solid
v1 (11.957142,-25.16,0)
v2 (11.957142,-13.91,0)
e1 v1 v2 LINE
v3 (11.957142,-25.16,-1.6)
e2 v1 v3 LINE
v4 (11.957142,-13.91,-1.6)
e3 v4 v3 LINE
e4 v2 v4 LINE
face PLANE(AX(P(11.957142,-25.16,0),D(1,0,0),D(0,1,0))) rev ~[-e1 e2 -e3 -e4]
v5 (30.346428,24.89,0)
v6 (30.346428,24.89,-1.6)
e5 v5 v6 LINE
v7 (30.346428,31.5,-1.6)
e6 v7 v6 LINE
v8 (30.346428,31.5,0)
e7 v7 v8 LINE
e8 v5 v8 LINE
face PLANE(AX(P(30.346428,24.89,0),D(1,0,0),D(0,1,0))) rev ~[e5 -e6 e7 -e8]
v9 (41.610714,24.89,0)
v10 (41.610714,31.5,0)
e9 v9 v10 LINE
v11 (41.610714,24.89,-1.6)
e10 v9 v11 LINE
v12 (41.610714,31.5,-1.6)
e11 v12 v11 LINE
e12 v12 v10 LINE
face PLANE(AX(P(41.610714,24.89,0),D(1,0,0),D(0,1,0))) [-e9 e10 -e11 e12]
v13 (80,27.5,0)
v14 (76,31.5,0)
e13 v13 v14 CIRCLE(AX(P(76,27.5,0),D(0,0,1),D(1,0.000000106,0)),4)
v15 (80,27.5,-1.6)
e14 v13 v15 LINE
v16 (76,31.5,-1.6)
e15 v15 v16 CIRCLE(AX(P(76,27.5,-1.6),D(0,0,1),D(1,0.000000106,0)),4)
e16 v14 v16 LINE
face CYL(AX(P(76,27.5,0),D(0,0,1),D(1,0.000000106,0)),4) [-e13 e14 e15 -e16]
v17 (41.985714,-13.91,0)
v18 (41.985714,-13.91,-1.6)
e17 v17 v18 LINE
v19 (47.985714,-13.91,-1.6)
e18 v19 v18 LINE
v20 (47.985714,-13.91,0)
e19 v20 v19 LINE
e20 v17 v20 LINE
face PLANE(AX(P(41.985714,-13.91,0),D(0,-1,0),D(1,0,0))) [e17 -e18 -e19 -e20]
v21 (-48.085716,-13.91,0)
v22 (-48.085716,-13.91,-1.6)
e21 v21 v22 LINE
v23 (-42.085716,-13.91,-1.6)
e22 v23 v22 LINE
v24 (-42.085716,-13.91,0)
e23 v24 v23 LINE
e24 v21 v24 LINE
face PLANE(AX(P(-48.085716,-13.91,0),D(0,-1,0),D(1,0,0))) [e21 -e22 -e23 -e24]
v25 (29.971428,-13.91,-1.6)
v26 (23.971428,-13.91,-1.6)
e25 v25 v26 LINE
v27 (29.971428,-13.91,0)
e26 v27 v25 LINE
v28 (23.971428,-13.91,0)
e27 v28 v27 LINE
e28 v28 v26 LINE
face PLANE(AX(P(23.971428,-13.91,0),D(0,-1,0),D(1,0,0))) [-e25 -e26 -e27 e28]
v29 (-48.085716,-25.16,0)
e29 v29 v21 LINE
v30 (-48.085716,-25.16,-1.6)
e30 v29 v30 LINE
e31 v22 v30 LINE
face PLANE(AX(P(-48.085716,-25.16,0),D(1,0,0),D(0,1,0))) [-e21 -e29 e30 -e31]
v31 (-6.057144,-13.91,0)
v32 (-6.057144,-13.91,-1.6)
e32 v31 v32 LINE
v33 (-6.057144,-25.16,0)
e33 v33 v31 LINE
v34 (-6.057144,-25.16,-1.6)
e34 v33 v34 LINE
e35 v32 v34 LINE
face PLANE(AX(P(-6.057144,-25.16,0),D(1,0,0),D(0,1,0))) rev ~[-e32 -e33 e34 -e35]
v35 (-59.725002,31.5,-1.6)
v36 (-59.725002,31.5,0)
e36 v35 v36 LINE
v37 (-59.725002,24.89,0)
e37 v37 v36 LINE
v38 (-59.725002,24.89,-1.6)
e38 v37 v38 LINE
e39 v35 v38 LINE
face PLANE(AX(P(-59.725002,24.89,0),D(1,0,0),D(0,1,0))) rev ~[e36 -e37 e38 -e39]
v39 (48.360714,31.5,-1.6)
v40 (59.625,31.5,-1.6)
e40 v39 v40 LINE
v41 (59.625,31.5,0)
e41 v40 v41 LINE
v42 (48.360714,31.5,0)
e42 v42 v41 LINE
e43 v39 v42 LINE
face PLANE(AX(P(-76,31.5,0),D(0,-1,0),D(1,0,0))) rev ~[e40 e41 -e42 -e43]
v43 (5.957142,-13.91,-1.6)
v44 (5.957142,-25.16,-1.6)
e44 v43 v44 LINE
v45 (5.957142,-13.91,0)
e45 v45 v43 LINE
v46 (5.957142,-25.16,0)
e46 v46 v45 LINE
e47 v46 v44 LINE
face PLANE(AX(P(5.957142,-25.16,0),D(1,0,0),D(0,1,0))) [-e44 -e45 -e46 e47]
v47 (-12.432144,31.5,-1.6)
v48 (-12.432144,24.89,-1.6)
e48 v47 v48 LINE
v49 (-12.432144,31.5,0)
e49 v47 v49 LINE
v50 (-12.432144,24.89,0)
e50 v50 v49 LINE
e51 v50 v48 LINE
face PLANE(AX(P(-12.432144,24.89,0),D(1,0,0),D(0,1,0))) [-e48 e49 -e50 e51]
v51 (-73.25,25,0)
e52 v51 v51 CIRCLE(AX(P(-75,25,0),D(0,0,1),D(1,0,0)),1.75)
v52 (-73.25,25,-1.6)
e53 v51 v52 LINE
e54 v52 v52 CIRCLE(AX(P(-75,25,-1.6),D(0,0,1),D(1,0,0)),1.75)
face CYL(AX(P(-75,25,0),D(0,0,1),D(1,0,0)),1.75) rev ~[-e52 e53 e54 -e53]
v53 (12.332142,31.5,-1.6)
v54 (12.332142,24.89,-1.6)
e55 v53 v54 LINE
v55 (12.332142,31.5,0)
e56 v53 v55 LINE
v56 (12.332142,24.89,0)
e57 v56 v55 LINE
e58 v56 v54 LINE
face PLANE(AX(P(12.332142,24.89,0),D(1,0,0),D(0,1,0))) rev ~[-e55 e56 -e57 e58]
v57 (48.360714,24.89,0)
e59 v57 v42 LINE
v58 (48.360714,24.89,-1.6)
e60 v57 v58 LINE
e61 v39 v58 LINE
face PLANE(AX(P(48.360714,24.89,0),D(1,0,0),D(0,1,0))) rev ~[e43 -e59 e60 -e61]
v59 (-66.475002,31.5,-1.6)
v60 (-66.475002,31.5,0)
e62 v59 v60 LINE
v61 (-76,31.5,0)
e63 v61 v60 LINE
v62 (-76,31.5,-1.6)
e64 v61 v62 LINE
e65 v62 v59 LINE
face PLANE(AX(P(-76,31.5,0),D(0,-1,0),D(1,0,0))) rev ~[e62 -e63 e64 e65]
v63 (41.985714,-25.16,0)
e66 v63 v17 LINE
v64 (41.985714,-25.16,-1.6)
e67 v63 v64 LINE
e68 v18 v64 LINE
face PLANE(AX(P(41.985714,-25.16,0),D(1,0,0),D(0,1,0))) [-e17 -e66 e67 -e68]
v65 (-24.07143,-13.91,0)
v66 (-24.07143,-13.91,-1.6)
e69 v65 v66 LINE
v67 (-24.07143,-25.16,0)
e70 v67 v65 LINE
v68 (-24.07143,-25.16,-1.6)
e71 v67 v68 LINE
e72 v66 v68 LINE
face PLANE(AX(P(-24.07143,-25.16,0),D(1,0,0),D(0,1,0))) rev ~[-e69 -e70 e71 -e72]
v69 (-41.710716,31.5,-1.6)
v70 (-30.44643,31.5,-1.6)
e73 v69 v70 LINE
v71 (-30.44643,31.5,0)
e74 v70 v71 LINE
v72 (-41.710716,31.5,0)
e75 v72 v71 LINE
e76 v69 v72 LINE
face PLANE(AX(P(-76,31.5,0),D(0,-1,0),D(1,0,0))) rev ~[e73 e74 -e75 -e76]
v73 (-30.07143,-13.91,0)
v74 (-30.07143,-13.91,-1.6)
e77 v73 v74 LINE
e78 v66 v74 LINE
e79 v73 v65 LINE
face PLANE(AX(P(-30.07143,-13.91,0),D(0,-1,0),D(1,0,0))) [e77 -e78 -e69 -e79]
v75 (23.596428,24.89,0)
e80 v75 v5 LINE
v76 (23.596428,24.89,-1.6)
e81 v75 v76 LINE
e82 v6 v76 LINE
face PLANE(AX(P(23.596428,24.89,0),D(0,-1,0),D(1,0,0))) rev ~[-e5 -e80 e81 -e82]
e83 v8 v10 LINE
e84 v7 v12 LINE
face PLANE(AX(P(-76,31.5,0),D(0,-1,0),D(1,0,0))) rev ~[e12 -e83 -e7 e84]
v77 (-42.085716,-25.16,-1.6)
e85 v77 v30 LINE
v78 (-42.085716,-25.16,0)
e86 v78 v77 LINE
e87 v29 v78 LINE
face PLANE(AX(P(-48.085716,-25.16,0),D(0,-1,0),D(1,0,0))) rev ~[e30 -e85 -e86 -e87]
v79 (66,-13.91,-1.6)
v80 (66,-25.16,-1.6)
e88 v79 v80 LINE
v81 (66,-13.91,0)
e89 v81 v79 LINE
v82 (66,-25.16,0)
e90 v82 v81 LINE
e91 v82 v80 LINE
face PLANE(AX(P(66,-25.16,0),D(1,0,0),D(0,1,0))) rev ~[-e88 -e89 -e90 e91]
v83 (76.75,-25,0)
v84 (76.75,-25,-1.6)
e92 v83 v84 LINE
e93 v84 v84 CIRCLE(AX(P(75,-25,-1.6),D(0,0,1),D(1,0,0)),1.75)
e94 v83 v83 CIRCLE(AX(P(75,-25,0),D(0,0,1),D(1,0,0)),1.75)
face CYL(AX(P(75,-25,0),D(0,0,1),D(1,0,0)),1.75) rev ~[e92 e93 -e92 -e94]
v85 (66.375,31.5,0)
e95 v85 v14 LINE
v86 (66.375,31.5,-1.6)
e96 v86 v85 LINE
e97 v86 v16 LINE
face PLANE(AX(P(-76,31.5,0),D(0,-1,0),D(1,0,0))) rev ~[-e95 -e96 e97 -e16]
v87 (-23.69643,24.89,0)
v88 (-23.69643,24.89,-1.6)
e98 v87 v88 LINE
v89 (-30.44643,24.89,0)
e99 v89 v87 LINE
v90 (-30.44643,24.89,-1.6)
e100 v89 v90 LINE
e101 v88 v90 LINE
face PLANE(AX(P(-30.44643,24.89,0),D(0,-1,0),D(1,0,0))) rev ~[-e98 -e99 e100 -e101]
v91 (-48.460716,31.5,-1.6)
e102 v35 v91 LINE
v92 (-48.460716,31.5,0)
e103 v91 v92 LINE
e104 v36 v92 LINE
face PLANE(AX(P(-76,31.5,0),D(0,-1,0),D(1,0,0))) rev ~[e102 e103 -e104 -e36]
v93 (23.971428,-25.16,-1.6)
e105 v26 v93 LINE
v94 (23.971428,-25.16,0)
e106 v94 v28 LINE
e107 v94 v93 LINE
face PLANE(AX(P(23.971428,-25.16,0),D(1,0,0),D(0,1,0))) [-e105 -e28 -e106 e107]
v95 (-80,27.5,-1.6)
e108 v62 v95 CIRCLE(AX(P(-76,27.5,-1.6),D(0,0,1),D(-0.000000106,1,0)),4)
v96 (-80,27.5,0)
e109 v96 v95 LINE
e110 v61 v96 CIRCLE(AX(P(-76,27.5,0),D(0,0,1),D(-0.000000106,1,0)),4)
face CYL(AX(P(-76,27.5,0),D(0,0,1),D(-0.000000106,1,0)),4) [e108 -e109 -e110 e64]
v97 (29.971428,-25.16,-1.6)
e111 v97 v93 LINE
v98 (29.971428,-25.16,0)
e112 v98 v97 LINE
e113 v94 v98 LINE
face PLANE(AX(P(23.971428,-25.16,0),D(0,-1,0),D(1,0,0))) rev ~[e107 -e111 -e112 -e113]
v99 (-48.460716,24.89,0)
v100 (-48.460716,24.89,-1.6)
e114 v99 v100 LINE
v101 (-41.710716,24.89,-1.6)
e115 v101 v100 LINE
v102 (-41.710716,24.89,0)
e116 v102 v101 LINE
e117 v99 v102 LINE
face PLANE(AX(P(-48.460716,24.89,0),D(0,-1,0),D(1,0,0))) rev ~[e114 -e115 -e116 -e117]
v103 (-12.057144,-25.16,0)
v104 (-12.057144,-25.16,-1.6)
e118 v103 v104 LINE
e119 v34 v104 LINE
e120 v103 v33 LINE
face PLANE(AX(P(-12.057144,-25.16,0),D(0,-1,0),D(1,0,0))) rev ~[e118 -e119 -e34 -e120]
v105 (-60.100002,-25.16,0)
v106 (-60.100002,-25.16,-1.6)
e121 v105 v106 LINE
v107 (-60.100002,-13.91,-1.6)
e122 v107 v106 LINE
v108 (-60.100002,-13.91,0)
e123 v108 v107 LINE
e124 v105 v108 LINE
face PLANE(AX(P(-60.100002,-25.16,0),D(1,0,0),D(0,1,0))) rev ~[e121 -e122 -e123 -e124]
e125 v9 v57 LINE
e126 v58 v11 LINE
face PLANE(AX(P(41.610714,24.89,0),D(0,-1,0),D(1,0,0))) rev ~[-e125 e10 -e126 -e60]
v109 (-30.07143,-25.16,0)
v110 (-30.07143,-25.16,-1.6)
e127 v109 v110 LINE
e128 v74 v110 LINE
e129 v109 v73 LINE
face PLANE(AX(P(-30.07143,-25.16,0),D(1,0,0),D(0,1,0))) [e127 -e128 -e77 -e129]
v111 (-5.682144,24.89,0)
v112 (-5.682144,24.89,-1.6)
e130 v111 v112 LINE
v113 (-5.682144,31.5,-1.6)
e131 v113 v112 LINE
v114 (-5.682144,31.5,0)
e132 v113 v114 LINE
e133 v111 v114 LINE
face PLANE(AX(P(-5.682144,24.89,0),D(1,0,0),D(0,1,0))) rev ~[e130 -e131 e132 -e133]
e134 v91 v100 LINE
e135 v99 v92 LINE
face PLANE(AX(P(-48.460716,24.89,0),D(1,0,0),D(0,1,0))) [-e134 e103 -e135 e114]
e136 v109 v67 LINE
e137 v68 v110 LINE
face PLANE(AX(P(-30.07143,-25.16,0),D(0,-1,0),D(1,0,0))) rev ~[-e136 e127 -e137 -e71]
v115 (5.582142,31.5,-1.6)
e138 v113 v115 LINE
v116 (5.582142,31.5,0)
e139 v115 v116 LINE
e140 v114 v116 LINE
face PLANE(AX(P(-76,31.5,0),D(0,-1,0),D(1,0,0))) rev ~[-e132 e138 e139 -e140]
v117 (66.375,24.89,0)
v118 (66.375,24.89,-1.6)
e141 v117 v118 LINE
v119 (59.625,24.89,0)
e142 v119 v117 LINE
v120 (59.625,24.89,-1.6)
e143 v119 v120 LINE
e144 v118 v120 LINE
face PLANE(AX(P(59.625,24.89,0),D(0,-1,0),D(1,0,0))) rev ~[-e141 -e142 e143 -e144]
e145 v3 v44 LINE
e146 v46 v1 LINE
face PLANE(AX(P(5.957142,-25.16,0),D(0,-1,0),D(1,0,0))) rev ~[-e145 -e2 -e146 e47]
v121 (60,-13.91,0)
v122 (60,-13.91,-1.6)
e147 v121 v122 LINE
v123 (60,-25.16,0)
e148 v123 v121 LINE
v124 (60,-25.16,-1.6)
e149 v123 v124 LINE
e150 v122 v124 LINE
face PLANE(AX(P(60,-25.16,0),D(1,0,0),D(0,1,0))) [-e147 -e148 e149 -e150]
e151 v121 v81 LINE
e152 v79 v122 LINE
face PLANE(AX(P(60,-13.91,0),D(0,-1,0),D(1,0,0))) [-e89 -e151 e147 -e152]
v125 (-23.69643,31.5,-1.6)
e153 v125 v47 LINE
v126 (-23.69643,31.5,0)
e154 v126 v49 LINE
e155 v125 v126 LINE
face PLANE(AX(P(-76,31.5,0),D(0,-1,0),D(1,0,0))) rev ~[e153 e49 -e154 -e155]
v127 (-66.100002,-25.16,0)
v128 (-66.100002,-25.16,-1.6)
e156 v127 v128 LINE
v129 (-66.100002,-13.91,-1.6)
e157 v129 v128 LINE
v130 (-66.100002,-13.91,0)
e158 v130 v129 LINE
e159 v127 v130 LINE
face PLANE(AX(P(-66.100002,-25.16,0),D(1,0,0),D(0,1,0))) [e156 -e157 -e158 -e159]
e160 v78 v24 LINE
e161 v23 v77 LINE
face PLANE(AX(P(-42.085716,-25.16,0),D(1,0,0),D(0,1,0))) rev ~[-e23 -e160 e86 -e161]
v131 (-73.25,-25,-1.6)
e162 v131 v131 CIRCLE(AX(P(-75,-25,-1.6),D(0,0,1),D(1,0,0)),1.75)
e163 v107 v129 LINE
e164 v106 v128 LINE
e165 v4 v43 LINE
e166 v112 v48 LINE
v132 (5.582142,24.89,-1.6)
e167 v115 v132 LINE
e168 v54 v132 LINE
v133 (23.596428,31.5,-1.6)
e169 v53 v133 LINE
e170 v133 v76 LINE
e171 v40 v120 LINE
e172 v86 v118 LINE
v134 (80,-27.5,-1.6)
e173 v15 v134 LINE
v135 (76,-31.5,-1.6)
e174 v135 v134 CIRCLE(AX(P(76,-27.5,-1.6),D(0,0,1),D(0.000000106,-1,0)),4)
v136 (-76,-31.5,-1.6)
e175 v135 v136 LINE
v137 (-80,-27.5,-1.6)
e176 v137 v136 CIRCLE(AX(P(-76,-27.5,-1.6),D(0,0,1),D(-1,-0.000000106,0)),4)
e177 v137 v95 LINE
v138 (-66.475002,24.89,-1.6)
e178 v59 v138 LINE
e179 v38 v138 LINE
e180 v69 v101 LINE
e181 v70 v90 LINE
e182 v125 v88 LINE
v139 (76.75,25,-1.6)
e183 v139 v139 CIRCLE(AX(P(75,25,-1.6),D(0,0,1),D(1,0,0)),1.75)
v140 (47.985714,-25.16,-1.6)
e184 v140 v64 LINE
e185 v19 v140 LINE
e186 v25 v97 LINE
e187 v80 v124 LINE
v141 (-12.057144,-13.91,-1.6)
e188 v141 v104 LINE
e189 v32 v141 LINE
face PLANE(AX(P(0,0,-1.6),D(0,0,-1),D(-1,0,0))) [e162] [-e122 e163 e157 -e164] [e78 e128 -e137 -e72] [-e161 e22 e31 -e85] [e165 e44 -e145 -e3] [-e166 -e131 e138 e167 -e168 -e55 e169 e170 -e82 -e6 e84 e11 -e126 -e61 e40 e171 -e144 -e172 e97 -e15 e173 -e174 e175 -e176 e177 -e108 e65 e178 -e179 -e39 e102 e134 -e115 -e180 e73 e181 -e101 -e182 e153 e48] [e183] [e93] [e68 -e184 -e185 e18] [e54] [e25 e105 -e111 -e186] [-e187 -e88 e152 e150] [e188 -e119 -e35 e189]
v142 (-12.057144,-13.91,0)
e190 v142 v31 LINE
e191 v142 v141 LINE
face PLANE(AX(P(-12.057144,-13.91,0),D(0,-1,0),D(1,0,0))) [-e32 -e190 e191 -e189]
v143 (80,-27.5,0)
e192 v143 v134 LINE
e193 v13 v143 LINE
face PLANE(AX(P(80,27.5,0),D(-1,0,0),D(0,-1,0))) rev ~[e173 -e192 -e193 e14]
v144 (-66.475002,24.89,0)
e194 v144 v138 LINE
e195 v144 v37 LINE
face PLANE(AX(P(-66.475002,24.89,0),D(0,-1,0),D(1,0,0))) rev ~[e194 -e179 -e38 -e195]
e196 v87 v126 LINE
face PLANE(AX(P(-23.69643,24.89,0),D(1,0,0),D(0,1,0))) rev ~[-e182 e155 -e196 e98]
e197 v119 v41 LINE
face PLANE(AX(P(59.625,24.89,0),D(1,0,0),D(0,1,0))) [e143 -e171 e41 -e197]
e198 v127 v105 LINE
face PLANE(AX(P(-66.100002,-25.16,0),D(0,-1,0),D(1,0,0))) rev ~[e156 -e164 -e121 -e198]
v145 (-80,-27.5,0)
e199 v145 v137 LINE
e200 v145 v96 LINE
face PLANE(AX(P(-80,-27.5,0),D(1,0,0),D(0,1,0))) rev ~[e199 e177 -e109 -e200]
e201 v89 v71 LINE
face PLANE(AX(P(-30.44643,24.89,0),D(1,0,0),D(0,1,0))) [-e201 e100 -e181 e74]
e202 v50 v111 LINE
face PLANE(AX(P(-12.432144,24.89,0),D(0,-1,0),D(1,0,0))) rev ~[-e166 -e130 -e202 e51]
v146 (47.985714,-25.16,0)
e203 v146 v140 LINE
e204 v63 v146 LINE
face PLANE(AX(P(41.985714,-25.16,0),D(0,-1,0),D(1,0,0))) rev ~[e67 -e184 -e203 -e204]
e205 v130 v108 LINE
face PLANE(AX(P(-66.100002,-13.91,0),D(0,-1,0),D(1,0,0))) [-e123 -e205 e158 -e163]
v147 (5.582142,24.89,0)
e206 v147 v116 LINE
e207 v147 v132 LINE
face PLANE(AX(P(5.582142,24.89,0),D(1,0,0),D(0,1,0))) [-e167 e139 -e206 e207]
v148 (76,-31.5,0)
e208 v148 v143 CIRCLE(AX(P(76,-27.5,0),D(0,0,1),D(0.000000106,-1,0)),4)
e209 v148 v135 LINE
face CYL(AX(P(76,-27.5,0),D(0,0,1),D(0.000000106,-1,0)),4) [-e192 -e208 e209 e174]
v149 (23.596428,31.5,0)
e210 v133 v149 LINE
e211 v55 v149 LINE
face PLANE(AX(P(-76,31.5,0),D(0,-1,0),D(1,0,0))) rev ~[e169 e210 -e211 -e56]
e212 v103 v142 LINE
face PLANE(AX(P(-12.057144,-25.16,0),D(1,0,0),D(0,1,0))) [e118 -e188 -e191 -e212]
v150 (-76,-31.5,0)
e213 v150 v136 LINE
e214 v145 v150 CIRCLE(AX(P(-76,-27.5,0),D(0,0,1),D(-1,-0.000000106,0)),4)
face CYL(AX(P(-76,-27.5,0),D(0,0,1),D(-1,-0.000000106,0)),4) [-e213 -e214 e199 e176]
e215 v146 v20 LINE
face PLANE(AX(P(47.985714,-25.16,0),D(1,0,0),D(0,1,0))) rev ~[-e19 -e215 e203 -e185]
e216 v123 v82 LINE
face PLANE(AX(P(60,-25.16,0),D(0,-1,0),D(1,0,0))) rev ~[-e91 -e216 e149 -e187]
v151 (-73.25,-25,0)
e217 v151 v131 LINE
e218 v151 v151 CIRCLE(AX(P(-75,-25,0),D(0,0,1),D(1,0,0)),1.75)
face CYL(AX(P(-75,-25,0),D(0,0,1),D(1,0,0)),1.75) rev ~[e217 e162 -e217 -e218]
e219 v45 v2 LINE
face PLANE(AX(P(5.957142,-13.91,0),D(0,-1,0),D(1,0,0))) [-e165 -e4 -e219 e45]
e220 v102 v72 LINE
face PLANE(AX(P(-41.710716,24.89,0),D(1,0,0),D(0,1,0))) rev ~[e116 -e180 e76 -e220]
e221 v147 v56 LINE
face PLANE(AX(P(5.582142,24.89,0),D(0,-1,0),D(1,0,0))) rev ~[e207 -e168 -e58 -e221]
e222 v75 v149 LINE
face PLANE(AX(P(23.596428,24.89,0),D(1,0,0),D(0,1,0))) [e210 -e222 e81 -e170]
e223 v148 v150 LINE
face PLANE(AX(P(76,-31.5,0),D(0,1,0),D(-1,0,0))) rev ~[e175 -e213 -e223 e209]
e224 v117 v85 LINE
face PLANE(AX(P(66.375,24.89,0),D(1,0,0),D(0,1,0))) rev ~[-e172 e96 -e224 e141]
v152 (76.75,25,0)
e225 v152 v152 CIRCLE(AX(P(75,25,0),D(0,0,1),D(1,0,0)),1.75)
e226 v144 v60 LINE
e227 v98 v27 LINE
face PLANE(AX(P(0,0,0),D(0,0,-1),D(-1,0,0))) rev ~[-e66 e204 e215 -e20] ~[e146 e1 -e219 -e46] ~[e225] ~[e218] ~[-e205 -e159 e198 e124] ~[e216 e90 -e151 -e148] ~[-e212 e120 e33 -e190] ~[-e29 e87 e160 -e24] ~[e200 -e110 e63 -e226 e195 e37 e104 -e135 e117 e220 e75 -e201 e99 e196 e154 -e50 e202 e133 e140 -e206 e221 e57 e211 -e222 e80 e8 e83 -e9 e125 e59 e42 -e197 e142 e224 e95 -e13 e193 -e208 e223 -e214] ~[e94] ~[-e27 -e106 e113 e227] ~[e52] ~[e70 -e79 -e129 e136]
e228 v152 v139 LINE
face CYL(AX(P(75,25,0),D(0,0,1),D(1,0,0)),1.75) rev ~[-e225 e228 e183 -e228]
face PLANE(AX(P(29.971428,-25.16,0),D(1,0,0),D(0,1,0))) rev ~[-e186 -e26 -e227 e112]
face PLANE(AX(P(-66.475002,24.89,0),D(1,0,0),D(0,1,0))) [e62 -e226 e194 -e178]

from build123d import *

# Parameters (mm, degrees)
PAD_DEPTH              = 1.6
SKETCH001_R            = 1.75
POCKET_DEPTH           = 5
SKETCH003_W            = 6
SKETCH003_H            = 11.25
POCKET001_DEPTH        = 5
LINEARPATTERN_COUNT    = 8
LINEARPATTERN_PITCH    = 18.014286
SKETCH004_W            = 6.75
SKETCH004_H            = 7.75
POCKET002_DEPTH        = 5
LINEARPATTERN001_COUNT = 8
LINEARPATTERN001_PITCH = 18.014286


with BuildPart() as part:
    # Sketch → Pad (new body)
    with BuildSketch(Plane.XY):
        with BuildLine():
            Line((-76, 31.5), (76, 31.5))
            ThreePointArc((80, 27.5), (78.828427, 30.328427), (76, 31.5))
            Line((80, 27.5), (80, -27.5))
            ThreePointArc((76, -31.5), (78.828427, -30.328427), (80, -27.5))
            Line((76, -31.5), (-76, -31.5))
            ThreePointArc((-80, -27.5), (-78.828427, -30.328427), (-76, -31.5))
            Line((-80, -27.5), (-80, 27.5))
            ThreePointArc((-76, 31.5), (-78.828427, 30.328427), (-80, 27.5))
        make_face()
    extrude(amount=-PAD_DEPTH)

    # Sketch001 → Pocket (cut)
    with BuildSketch(Plane.XY):
        with Locations((75, 25)):
            Circle(SKETCH001_R)
        with Locations((-75, 25)):
            Circle(SKETCH001_R)
        with Locations((75, -25)):
            Circle(SKETCH001_R)
        with Locations((-75, -25)):
            Circle(SKETCH001_R)
    extrude(amount=-POCKET_DEPTH, mode=Mode.SUBTRACT)

    # Sketch003 → Pocket001 (cut)
    with BuildSketch(Plane.XY):
        with Locations((63, -19.535)):
            Rectangle(SKETCH003_W, SKETCH003_H)
    pocket001 = extrude(amount=-POCKET001_DEPTH, mode=Mode.SUBTRACT)

    # LinearPattern: Pocket001 ×8
    with Locations(*[(-i * LINEARPATTERN_PITCH, 0, 0) for i in range(1, LINEARPATTERN_COUNT)]):
        add(pocket001, mode=Mode.SUBTRACT)

    # Sketch004 → Pocket002 (cut)
    with BuildSketch(Plane.XY):
        with Locations((63, 28.765)):
            Rectangle(SKETCH004_W, SKETCH004_H)
    pocket002 = extrude(amount=-POCKET002_DEPTH, mode=Mode.SUBTRACT)

    # LinearPattern001: Pocket002 ×8
    with Locations(*[(-i * LINEARPATTERN001_PITCH, 0, 0) for i in range(1, LINEARPATTERN001_COUNT)]):
        add(pocket002, mode=Mode.SUBTRACT)


solid = part.part
